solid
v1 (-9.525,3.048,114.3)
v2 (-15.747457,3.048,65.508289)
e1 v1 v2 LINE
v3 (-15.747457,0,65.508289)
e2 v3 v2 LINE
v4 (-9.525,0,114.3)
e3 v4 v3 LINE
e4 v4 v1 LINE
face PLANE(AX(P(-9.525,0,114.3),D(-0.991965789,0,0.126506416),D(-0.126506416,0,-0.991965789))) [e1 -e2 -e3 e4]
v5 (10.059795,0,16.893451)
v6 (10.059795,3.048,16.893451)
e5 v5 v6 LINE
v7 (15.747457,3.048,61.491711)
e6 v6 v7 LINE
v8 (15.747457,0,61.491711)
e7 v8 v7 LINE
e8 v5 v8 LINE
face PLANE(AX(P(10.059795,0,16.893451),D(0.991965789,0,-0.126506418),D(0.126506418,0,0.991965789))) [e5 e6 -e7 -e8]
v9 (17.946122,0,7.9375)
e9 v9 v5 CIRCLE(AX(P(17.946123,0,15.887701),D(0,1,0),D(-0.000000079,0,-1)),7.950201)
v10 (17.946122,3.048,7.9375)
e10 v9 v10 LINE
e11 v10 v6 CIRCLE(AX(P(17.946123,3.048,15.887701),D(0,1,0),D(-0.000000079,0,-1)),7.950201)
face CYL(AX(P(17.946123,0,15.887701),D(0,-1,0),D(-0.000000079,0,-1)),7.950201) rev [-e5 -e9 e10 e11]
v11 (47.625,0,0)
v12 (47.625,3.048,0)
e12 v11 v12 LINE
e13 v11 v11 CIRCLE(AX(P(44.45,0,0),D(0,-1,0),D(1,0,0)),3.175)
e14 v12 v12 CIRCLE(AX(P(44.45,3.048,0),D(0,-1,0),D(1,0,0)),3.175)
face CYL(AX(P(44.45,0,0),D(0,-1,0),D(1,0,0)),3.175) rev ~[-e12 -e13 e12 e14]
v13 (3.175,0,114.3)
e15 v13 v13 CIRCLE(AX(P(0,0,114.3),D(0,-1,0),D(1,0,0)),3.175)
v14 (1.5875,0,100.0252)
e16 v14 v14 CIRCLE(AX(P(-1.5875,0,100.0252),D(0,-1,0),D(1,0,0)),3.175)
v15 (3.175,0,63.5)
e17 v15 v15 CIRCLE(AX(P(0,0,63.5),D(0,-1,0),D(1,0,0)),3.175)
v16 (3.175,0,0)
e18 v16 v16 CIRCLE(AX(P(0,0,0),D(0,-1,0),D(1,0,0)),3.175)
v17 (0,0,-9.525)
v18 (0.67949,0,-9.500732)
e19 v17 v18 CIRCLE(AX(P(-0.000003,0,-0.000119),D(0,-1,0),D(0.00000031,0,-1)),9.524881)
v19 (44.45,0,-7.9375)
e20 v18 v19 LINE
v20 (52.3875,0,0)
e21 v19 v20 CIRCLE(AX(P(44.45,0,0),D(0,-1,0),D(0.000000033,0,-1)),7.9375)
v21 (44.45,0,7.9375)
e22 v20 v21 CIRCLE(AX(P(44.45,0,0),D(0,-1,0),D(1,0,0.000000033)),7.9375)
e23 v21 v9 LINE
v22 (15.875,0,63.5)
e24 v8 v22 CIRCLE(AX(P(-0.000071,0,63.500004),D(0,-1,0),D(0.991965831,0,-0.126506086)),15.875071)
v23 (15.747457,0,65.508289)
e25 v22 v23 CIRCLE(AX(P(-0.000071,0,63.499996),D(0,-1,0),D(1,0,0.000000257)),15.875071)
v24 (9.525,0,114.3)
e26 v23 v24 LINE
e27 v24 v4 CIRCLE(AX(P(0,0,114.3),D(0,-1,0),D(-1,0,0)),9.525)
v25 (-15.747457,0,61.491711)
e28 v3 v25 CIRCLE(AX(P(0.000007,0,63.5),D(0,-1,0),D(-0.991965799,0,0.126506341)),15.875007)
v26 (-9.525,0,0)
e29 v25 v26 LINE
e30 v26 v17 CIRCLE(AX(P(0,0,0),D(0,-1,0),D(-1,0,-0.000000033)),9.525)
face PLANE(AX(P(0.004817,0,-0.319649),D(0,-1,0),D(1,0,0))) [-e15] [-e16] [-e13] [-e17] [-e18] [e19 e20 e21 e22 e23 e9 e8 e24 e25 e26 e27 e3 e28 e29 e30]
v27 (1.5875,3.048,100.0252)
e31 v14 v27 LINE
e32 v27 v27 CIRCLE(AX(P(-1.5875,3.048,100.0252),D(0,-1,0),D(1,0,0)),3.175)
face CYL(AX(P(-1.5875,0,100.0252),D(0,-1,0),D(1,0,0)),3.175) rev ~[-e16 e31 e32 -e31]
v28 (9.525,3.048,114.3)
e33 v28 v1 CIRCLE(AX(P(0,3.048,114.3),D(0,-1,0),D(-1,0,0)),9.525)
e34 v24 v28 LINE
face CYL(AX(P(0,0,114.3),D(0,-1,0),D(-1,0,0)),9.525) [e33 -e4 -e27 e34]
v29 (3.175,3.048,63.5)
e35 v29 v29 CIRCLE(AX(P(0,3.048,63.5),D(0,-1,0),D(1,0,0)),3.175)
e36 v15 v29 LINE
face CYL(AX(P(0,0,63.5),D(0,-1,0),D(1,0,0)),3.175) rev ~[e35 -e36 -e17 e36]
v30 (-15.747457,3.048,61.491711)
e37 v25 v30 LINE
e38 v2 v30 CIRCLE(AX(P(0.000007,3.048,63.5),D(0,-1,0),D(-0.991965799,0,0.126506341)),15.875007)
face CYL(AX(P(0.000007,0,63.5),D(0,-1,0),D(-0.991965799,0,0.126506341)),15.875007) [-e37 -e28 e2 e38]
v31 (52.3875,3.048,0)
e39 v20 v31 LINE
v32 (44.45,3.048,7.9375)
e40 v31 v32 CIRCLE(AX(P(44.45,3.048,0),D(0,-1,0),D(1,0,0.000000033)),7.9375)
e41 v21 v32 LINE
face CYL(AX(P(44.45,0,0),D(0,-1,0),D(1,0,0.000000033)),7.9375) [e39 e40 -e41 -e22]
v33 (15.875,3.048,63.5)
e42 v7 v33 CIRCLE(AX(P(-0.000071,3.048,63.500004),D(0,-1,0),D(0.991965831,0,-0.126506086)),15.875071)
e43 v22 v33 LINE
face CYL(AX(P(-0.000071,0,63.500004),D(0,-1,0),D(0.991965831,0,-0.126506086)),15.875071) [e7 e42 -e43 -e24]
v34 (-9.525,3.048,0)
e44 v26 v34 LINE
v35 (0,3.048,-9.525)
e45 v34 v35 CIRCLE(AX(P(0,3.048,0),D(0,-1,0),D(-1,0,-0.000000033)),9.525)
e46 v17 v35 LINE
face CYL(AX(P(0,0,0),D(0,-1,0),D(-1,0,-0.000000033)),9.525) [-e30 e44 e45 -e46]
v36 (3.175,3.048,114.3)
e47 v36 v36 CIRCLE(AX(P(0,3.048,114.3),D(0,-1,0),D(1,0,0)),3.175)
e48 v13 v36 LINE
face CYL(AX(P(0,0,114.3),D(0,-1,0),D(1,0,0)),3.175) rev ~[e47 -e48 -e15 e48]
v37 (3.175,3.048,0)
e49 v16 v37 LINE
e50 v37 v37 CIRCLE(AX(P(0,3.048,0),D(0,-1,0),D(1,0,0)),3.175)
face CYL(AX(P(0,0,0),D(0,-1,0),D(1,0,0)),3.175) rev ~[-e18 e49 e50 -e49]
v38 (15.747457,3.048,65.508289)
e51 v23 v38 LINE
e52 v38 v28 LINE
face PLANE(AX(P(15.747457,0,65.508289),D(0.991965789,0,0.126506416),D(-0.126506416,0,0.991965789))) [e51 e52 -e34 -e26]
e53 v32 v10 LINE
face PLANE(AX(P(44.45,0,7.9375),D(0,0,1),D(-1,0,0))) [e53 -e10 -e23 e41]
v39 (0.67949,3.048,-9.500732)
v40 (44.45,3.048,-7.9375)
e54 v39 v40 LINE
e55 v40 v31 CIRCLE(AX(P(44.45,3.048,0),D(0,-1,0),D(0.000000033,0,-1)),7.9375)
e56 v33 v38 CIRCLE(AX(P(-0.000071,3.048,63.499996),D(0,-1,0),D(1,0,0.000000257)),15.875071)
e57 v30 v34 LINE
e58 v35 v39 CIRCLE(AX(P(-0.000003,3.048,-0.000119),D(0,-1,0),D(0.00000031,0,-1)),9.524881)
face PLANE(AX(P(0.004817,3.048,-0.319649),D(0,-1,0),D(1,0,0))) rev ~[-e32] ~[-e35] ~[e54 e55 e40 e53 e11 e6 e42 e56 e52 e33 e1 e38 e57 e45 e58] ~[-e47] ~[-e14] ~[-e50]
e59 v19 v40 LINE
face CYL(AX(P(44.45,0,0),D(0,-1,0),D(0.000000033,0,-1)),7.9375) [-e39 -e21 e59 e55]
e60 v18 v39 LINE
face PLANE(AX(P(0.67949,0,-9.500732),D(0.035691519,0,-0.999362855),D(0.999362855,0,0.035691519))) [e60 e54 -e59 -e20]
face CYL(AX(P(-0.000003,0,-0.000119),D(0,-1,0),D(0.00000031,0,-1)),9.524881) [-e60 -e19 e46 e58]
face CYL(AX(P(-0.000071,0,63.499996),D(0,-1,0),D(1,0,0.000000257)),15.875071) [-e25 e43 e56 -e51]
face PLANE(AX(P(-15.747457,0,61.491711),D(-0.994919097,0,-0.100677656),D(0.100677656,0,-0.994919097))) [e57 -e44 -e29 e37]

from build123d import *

# Parameters (mm, degrees)
F0_R     = 3.175
F1_DEPTH = 3.048


with BuildPart() as f1:
    # F0 (on Front) → F1 (new body)
    with BuildSketch(Plane.XZ):
        with BuildLine():
            ThreePointArc((0.67949, -9.500732), (6.97129, -6.490511), (9.525, 0))
            ThreePointArc((9.525, 0), (0, 9.525), (-9.525, 0))
            ThreePointArc((-9.525, 0), (-6.735192, -6.735192), (0, -9.525))
            Line((0, -9.525), (0.67949, -9.500732))
        make_face()
        Circle(F0_R, mode=Mode.SUBTRACT)
        with BuildLine():
            ThreePointArc((-9.525, 0), (0, 9.525), (9.525, 0))
            ThreePointArc((9.525, 0), (6.97129, -6.490511), (0.67949, -9.500732))
            Line((0.67949, -9.500732), (44.45, -7.9375))
            ThreePointArc((44.45, -7.9375), (36.5125, 0), (44.45, 7.9375))
            Line((44.45, 7.9375), (17.946122, 7.9375))
            ThreePointArc((17.946122, 7.9375), (11.979481, 10.633666), (10.059795, 16.893451))
            Line((10.059795, 16.893451), (15.747457, 61.491711))
            ThreePointArc((15.747457, 61.491711), (0, 47.625), (-15.747457, 61.491711))
            Line((-15.747457, 61.491711), (-9.525, 0))
        make_face()
        with BuildLine():
            ThreePointArc((0, -9.525), (0.339962, -9.518931), (0.67949, -9.500732))
            Line((0.67949, -9.500732), (0, -9.525))
        make_face()
        with BuildLine():
            ThreePointArc((-15.747457, 65.508289), (-15.875, 63.5), (-15.747457, 61.491711))
            ThreePointArc((-15.747457, 61.491711), (0, 47.625), (15.747457, 61.491711))
            ThreePointArc((15.747457, 61.491711), (15.843082, 62.493832), (15.875, 63.5))
            ThreePointArc((15.875, 63.5), (15.843082, 64.506168), (15.747457, 65.508289))
            ThreePointArc((15.747457, 65.508289), (0, 79.375), (-15.747457, 65.508289))
        make_face()
        with Locations((0, 63.5)):
            Circle(F0_R, mode=Mode.SUBTRACT)
        with BuildLine():
            ThreePointArc((44.45, 7.9375), (36.5125, 0), (44.45, -7.9375))
            ThreePointArc((44.45, -7.9375), (50.06266, -5.61266), (52.3875, 0))
            ThreePointArc((52.3875, 0), (50.06266, 5.61266), (44.45, 7.9375))
        make_face()
        with Locations((44.45, 0)):
            Circle(F0_R, mode=Mode.SUBTRACT)
        with BuildLine():
            Line((-9.525, 114.3), (-15.747457, 65.508289))
            ThreePointArc((-15.747457, 65.508289), (0, 79.375), (15.747457, 65.508289))
            Line((15.747457, 65.508289), (9.525, 114.3))
            ThreePointArc((9.525, 114.3), (0, 104.775), (-9.525, 114.3))
        make_face()
        with Locations((-1.5875, 100.0252)):
            Circle(F0_R, mode=Mode.SUBTRACT)
        with BuildLine():
            ThreePointArc((9.525, 114.3), (0, 123.825), (-9.525, 114.3))
            ThreePointArc((-9.525, 114.3), (0, 104.775), (9.525, 114.3))
        make_face()
        with Locations((0, 114.3)):
            Circle(F0_R, mode=Mode.SUBTRACT)
    extrude(amount=-F1_DEPTH)


solid = f1.part
